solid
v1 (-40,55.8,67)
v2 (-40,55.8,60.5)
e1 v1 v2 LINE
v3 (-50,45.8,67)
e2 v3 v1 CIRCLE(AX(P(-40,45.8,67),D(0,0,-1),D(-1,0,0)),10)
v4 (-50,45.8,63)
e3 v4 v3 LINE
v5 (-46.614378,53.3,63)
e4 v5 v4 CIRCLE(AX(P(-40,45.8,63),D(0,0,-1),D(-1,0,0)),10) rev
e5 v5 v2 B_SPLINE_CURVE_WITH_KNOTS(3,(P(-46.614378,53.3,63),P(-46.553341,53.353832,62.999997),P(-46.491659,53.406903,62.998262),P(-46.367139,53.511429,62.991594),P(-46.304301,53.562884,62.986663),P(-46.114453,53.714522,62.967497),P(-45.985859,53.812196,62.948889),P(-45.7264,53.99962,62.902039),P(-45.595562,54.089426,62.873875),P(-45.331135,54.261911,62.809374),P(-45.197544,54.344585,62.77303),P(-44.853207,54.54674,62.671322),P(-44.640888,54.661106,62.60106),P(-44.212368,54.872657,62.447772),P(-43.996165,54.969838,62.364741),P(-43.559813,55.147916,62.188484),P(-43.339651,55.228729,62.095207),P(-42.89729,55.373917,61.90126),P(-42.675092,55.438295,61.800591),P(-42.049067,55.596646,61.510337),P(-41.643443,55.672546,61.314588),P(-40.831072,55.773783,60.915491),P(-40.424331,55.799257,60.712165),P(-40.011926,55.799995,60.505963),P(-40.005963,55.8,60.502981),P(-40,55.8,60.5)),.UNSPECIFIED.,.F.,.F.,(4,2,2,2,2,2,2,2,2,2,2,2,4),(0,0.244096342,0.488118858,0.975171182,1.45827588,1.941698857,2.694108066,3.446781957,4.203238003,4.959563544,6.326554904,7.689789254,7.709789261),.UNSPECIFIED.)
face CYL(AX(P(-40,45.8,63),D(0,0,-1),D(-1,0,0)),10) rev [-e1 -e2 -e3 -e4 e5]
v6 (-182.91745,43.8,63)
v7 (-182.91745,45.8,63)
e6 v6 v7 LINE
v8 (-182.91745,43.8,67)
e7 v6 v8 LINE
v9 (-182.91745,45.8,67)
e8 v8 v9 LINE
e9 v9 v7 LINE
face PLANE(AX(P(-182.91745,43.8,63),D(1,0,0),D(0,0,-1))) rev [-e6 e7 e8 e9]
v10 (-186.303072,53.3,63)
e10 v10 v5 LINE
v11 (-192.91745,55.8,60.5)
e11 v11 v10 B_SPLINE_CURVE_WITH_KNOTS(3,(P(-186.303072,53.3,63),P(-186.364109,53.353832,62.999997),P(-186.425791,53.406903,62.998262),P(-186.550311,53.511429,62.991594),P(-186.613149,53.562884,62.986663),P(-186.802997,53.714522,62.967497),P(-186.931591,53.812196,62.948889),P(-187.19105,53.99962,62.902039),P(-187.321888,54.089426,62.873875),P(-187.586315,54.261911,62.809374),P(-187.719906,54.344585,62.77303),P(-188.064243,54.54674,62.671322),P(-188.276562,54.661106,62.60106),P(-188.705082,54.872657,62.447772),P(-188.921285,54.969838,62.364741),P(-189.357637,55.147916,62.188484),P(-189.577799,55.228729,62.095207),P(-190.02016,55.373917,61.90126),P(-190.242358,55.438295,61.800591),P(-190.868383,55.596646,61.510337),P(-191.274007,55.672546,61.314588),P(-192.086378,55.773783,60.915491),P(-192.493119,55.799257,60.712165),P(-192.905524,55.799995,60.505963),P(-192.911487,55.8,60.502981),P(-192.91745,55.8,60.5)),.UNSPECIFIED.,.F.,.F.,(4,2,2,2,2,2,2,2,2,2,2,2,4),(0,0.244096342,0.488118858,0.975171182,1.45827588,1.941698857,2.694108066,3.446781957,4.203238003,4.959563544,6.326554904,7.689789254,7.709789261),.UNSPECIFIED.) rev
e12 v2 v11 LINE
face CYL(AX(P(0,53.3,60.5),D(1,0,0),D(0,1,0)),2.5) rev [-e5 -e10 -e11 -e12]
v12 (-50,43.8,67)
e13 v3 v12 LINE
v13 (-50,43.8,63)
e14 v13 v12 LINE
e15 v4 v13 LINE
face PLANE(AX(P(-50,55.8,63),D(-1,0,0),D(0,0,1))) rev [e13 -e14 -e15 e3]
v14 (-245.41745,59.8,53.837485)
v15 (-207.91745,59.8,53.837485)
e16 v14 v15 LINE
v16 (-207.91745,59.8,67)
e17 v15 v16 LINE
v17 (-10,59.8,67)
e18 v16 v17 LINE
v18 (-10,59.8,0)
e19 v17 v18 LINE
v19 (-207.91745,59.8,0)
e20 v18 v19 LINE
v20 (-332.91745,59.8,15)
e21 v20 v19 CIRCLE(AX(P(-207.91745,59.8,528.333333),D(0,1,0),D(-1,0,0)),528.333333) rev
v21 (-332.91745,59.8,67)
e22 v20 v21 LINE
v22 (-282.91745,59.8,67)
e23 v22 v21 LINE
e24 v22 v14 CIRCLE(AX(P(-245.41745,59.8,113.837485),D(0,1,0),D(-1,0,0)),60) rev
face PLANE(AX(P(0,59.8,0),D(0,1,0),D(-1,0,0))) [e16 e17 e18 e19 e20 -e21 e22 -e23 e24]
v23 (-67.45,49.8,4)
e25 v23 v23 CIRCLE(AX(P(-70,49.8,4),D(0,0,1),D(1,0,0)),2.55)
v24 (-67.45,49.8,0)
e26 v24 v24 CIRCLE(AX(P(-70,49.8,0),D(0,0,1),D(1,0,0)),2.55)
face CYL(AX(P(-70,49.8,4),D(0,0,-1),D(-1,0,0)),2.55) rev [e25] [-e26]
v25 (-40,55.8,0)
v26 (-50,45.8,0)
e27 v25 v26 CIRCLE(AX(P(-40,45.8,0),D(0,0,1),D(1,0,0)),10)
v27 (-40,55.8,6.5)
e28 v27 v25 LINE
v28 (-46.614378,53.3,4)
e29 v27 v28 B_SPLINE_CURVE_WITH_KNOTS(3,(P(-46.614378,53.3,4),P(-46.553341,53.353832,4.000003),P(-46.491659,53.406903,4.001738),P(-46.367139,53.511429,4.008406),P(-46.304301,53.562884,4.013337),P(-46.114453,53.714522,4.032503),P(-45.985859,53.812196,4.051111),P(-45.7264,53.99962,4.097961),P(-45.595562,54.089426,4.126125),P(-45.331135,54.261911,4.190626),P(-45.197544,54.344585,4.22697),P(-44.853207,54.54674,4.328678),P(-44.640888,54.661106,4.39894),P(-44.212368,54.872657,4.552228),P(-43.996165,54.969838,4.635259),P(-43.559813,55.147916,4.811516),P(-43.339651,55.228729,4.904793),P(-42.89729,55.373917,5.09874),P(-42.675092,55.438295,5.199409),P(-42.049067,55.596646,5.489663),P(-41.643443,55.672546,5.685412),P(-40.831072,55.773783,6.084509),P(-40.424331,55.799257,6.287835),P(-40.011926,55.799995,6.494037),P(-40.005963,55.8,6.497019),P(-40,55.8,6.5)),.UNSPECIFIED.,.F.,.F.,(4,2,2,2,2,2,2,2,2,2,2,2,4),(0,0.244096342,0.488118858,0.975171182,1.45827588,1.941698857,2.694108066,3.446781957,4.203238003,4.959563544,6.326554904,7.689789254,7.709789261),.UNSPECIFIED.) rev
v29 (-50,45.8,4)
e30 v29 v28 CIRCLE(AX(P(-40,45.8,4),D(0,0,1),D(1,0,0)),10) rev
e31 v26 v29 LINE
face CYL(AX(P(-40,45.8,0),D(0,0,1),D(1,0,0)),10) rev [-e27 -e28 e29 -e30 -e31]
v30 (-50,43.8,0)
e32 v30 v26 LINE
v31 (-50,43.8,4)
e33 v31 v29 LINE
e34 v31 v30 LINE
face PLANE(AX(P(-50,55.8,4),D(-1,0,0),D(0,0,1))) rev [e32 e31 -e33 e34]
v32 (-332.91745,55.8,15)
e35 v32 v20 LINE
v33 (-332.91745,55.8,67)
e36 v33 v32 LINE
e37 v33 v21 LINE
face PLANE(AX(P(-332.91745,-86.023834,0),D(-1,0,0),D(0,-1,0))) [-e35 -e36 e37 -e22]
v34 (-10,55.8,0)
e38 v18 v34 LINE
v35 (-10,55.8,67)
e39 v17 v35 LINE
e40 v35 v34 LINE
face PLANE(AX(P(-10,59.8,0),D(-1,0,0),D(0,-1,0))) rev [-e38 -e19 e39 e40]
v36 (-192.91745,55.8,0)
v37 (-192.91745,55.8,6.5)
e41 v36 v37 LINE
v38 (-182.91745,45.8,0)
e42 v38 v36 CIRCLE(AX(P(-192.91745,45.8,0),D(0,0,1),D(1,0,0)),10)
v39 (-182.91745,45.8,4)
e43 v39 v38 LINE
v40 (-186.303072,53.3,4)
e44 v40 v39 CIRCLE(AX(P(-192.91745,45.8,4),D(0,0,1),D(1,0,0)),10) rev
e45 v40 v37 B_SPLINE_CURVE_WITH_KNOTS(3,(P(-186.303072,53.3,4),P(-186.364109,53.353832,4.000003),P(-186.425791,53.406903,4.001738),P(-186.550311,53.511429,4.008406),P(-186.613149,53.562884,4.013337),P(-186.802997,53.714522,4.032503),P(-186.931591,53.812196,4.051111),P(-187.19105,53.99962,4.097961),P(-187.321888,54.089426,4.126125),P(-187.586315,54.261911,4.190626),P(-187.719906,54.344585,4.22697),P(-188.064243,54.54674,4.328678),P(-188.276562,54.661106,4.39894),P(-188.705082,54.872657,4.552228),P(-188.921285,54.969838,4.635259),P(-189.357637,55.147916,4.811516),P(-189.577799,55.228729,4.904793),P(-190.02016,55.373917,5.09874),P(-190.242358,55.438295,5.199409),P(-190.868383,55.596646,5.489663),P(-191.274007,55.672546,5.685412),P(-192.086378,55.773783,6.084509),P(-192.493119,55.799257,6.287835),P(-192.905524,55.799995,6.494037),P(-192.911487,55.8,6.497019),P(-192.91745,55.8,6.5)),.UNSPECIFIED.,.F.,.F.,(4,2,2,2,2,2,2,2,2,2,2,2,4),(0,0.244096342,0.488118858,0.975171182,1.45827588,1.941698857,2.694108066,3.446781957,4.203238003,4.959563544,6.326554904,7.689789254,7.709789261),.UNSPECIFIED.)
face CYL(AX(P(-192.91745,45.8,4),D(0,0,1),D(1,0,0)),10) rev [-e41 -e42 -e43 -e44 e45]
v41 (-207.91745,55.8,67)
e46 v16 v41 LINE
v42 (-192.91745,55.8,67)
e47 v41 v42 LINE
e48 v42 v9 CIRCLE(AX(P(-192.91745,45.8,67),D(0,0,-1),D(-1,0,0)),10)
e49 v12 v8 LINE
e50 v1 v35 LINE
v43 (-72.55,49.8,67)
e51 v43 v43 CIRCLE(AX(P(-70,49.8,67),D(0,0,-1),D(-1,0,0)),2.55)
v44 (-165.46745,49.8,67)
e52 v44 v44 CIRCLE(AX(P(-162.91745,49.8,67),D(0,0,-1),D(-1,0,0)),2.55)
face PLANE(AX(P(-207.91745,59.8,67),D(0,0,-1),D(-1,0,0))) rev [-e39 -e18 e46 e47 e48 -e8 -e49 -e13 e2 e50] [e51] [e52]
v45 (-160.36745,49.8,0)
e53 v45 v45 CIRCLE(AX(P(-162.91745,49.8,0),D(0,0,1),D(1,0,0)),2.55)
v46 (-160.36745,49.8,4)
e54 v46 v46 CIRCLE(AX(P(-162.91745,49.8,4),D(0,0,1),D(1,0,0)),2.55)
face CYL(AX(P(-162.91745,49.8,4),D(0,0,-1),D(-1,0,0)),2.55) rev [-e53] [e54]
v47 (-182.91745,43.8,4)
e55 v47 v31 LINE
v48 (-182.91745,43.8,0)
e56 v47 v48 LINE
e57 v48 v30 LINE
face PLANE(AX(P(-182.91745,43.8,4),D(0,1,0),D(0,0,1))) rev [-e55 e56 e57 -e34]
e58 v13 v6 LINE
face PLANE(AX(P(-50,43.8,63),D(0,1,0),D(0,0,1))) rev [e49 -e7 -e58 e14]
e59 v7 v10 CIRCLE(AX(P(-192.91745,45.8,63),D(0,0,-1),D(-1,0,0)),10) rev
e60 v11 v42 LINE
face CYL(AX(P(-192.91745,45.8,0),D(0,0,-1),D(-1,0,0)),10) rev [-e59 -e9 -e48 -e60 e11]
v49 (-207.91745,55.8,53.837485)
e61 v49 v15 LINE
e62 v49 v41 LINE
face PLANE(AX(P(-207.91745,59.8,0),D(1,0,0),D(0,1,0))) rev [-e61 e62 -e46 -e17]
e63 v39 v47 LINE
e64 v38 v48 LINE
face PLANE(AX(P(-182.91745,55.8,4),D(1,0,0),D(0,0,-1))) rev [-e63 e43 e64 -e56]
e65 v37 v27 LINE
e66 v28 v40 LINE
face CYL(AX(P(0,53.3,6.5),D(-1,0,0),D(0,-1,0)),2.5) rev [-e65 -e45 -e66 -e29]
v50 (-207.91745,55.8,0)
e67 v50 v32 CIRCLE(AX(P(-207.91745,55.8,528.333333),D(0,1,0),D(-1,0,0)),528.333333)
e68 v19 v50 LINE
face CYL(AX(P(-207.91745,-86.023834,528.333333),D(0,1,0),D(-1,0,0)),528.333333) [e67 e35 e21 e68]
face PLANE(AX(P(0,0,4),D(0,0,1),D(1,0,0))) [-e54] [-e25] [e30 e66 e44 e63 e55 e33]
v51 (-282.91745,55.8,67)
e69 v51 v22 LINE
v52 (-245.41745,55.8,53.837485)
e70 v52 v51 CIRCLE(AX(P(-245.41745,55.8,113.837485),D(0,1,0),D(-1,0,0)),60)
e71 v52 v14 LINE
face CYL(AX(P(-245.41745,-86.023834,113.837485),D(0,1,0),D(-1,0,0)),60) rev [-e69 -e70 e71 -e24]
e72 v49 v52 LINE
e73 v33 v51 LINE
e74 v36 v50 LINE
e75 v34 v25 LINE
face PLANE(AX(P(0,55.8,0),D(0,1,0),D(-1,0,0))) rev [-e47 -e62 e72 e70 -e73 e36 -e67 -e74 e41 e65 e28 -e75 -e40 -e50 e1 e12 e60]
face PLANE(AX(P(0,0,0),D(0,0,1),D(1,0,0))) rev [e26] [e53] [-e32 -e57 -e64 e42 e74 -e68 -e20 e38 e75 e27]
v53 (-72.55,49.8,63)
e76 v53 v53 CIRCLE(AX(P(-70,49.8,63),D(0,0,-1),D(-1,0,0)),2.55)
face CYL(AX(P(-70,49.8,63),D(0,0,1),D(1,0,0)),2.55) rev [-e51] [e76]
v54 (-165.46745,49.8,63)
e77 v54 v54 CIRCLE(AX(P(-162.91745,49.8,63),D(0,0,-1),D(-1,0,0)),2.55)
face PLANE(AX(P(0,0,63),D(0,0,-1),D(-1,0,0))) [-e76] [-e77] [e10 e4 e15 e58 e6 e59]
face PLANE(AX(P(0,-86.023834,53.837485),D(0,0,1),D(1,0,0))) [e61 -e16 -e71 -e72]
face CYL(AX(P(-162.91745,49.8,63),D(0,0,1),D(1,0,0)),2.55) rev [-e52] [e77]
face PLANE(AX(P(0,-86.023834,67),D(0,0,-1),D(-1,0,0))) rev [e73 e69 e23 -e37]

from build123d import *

# Parameters (mm, degrees)
SKETCH1_W           = 132.917449813
SKETCH1_H           = 12
SKETCH1_R           = 2.55
BOSS_EXTRUDE1_DEPTH = 4
SKETCH2_W           = 197.917449813
SKETCH2_H           = 67
BOSS_EXTRUDE2_DEPTH = 4
BOSS_EXTRUDE3_START = 4
SKETCH3_W           = 132.917449813
SKETCH3_H           = 12
SKETCH3_R           = 2.55
BOSS_EXTRUDE3_DEPTH = 4
FILLET1_R           = 10
FILLET2_R           = 2.5
BOSS_EXTRUDE4_DEPTH = 4


with BuildPart() as part:
    # Sketch1 → Boss-Extrude1 (new body)
    with BuildSketch(Plane.XY):
        with Locations((-116.458724907, 49.8)):
            Rectangle(SKETCH1_W, SKETCH1_H)
        with Locations((-162.917449813, 49.8)):
            Circle(SKETCH1_R, mode=Mode.SUBTRACT)
        with Locations((-70, 49.8)):
            Circle(SKETCH1_R, mode=Mode.SUBTRACT)
    extrude(amount=BOSS_EXTRUDE1_DEPTH)

    # Sketch2 → Boss-Extrude2 (add)
    with BuildSketch(Plane(origin=(0, 55.8, 0), x_dir=(1, 0, 0), z_dir=(0, 1, 0))):
        with Locations((-108.958724907, -33.5)):
            Rectangle(SKETCH2_W, SKETCH2_H)
    extrude(amount=BOSS_EXTRUDE2_DEPTH)

    # Sketch3 → Boss-Extrude3 (add)
    with BuildSketch(Plane(origin=(0, 0, 67), x_dir=(-1, 0, 0), z_dir=(0, 0, -1)).offset(BOSS_EXTRUDE3_START)):
        with Locations((116.458724907, 49.8)):
            Rectangle(SKETCH3_W, SKETCH3_H)
        with Locations(Location((162.917449813, 49.8, 0), (0, 0, 180))):
            Circle(SKETCH3_R, mode=Mode.SUBTRACT)
        with Locations(Location((70, 49.8, 0), (0, 0, 180))):
            Circle(SKETCH3_R, mode=Mode.SUBTRACT)
    extrude(amount=-BOSS_EXTRUDE3_DEPTH)

    # Fillet1
    fillet1_edges = [part.edges().sort_by_distance(p)[0] for p in [
        (-182.917449813, 55.8, 65),
        (-50, 55.8, 65),
        (-182.917449813, 55.8, 2),
        (-50, 55.8, 2),
    ]]
    fillet(fillet1_edges, radius=FILLET1_R)

    # Fillet2
    fillet2_edges = [part.edges().sort_by_distance(p)[0] for p in [
        (-116.458724906, 55.8, 4),
        (-116.458724906, 55.8, 63),
    ]]
    fillet(fillet2_edges, radius=FILLET2_R)

    # Sketch4 → Boss-Extrude4 (add)
    with BuildSketch(Plane(origin=(0, 59.8, 0), x_dir=(1, 0, 0), z_dir=(0, 1, 0))):
        with BuildLine():
            Line((-207.917449813, -53.837484988), (-207.917449813, 0))
            ThreePointArc((-207.917449813, 0), (-270.865841373, -3.763403666), (-332.917449813, -15))
            Line((-332.917449813, -15), (-332.917449813, -67))
            Line((-332.917449813, -67), (-282.917449813, -67))
            ThreePointArc((-282.917449813, -67), (-265.288923094, -57.223665565), (-245.417449813, -53.837484988))
            Line((-245.417449813, -53.837484988), (-207.917449813, -53.837484988))
        make_face()
    extrude(amount=-BOSS_EXTRUDE4_DEPTH)


solid = part.part
